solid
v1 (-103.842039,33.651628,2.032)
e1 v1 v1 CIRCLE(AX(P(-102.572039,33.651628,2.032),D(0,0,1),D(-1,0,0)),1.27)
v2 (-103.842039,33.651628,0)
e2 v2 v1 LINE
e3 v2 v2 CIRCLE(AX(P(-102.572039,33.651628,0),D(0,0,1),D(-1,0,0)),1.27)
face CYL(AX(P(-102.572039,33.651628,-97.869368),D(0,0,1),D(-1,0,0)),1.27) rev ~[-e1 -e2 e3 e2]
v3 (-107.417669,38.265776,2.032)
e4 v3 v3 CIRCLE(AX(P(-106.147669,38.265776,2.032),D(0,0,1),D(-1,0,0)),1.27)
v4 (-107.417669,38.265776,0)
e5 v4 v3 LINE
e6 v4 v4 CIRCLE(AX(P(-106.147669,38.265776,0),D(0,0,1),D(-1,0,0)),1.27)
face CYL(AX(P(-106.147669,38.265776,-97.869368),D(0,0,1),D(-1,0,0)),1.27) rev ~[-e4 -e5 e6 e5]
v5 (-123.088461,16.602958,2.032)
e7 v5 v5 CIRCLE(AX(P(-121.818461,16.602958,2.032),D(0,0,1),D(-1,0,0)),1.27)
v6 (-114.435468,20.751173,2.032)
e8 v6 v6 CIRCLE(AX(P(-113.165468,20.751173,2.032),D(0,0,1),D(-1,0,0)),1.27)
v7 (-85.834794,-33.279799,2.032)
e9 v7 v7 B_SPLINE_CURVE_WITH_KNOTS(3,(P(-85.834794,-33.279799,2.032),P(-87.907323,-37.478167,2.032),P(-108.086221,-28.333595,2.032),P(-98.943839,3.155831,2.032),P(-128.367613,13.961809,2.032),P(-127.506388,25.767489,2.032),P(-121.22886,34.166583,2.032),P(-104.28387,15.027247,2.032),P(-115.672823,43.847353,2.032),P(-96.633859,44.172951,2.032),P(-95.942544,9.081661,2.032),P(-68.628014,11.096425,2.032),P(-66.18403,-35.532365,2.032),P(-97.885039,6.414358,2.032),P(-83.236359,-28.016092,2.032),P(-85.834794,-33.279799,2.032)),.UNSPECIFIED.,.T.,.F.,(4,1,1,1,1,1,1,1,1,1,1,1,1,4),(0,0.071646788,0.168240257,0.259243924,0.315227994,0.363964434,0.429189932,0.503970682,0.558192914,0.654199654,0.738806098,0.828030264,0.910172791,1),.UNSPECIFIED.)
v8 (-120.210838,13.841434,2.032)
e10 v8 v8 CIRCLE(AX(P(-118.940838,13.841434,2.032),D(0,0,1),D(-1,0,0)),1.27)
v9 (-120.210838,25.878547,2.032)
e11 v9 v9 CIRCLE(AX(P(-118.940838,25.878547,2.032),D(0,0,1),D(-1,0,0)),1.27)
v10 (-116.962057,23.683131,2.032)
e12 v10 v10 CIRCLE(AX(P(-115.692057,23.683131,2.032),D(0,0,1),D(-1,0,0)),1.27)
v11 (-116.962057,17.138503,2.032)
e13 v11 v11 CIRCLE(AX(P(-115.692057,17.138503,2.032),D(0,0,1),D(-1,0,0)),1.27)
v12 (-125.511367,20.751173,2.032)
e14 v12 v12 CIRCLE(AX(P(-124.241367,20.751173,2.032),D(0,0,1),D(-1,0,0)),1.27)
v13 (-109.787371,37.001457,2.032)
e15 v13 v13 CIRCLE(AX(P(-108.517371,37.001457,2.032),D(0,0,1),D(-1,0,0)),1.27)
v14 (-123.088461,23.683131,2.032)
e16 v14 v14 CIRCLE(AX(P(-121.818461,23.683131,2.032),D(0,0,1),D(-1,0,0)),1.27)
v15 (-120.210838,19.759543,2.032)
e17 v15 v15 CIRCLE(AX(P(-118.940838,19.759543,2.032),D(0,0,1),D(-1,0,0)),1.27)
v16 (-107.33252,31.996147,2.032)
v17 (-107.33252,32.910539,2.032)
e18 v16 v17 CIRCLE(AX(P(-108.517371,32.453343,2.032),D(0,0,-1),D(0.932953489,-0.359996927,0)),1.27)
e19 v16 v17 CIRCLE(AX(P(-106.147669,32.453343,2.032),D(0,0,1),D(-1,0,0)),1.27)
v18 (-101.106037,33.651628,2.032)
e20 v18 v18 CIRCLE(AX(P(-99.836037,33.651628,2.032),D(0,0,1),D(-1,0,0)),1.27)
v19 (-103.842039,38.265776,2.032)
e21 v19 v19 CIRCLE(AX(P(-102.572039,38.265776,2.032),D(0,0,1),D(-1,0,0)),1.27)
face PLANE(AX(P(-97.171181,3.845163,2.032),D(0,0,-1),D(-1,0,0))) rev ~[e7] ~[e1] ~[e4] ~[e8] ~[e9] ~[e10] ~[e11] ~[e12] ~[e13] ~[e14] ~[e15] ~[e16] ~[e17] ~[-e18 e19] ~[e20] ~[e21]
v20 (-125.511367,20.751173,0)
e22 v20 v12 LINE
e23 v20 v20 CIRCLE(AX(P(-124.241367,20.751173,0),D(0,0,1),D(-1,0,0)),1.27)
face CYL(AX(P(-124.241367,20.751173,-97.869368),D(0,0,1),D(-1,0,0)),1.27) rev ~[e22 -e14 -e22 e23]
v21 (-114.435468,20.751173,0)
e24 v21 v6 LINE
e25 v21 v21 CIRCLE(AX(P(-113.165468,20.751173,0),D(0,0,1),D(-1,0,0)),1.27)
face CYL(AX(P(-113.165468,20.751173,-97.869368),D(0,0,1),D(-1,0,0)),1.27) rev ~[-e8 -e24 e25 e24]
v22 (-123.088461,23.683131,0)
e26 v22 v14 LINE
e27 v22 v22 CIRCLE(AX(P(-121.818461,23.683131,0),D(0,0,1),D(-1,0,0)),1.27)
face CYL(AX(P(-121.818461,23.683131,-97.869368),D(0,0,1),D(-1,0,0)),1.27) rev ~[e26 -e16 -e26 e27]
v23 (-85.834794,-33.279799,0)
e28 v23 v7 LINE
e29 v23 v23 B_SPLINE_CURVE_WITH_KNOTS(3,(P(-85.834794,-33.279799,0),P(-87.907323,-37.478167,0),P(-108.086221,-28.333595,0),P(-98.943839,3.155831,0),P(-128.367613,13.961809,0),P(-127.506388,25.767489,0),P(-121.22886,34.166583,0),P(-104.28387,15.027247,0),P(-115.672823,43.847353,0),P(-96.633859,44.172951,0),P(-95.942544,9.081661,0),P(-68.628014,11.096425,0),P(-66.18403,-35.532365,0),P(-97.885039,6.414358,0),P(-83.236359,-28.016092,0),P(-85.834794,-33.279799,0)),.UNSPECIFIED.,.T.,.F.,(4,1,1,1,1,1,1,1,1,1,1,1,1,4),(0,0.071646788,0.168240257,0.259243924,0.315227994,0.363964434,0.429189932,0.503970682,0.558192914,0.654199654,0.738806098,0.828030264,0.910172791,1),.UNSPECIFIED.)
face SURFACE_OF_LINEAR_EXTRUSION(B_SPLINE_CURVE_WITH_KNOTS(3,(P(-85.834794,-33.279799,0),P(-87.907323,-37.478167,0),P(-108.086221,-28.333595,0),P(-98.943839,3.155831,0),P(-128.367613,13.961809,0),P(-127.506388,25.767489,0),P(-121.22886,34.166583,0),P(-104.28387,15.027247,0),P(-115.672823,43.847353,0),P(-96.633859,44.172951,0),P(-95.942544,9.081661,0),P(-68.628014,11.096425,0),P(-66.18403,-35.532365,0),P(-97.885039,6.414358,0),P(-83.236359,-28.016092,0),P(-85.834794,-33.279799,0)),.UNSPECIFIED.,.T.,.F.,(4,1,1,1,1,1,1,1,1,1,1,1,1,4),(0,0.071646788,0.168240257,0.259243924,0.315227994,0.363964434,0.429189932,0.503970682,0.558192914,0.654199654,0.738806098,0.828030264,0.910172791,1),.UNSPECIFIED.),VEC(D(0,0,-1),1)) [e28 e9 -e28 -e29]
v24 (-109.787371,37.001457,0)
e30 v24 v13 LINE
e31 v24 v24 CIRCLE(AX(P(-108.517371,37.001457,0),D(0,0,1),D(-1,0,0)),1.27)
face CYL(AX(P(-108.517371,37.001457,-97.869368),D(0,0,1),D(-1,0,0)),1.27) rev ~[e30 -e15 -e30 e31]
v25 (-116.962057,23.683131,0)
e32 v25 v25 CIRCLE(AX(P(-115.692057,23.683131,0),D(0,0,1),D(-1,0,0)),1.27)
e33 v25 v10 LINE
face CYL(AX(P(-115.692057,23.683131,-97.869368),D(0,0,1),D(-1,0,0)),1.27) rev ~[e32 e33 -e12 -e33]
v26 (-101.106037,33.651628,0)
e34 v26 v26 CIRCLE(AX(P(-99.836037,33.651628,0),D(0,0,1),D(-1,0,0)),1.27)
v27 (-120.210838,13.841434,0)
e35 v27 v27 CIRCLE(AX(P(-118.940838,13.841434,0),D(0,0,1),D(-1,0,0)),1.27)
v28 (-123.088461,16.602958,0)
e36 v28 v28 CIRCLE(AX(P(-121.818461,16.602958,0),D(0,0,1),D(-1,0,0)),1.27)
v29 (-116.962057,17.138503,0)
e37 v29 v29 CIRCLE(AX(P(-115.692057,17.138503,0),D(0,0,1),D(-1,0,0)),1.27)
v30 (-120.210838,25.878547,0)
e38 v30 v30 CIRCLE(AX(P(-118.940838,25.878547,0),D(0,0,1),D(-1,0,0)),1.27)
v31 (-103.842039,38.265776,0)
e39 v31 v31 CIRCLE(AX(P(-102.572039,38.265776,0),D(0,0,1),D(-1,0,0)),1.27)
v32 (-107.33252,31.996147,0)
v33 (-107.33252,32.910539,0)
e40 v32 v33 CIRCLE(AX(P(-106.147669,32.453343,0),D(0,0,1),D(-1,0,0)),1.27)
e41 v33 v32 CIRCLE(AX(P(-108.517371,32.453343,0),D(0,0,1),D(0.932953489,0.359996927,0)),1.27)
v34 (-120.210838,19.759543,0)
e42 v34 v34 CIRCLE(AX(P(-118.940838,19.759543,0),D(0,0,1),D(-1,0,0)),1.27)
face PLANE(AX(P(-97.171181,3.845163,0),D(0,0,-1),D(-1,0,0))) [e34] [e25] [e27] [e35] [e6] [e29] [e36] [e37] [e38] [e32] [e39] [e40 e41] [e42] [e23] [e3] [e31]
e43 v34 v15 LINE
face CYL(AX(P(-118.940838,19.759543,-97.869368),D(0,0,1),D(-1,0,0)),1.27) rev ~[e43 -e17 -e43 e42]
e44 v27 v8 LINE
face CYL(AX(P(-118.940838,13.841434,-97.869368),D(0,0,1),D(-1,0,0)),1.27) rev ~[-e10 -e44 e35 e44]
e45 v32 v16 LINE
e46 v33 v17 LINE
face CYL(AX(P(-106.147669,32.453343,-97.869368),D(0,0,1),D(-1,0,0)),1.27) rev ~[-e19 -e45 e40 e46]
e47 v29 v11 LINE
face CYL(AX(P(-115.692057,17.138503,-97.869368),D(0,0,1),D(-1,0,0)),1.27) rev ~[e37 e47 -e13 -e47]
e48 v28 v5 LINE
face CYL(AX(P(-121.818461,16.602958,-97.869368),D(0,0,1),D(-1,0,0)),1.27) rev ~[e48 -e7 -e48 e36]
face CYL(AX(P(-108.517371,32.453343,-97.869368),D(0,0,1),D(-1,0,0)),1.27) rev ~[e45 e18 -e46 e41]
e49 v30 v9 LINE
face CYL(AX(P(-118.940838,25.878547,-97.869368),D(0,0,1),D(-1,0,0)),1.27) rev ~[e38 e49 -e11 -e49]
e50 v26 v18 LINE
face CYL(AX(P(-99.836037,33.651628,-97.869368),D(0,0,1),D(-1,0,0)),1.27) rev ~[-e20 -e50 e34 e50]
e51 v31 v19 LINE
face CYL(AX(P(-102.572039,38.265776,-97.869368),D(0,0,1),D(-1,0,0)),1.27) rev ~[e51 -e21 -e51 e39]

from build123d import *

# Parameters (mm, degrees)
F1_DEPTH = 2.032
F2_D     = 2.54


with BuildPart() as f1:
    # F0 (on Top) → F1 (new body)
    with BuildSketch(Plane.XY):
        with BuildLine():
            add(Edge.make_bspline(
                [(-85.8347937465, -33.2797989249), (-87.9073229655, -37.4781671134), (-108.0862206498, -28.3335950891), (-98.9438393774, 3.1558309957), (-128.3676125306, 13.9618093041), (-127.5063884108, 25.7674891667), (-121.2288602459, 34.1665830552), (-104.2838698503, 15.0272468002), (-115.6728225699, 43.8473534235), (-96.6338585407, 44.1729508046), (-95.9425440551, 9.0816613399), (-68.6280144318, 11.0964251177), (-66.184030143, -35.5323654876), (-97.8850386844, 6.4143575932), (-83.2363588135, -28.0160919228), (-85.8347937465, -33.2797989249)],
                knots=[0, 0, 0, 0, 0.0716467875, 0.168240257, 0.2592439236, 0.3152279935, 0.3639644339, 0.4291899318, 0.5039706822, 0.5581929136, 0.6541996543, 0.7388060978, 0.8280302639, 0.9101727909, 1, 1, 1, 1], degree=3))
        make_face()
    extrude(amount=F1_DEPTH)

    # F2 (through all)
    with Locations(Plane(origin=(0, 0, 0), x_dir=(1, 0, 0), z_dir=(0, 0, -1))):
        with Locations((-118.9408376813, -13.8414343819), (-115.6920567155, -17.1385034919), (-113.1654679775, -20.7511726767), (-121.8184605241, -16.6029576212), (-118.9408376813, -19.7595432401), (-115.6920567155, -23.6831307411), (-118.9408376813, -25.8785467595), (-121.8184605241, -23.6831307411), (-124.2413669825, -20.7511726767), (-108.5173711181, -32.4533432722), (-106.1476692557, -32.4533432722), (-102.5720387697, -33.6516276002), (-99.8360365629, -33.6516276002), (-108.5173711181, -37.0014570653), (-106.1476692557, -38.2657758892), (-102.5720387697, -38.2657758892)):
            Hole(F2_D / 2)


solid = f1.part
